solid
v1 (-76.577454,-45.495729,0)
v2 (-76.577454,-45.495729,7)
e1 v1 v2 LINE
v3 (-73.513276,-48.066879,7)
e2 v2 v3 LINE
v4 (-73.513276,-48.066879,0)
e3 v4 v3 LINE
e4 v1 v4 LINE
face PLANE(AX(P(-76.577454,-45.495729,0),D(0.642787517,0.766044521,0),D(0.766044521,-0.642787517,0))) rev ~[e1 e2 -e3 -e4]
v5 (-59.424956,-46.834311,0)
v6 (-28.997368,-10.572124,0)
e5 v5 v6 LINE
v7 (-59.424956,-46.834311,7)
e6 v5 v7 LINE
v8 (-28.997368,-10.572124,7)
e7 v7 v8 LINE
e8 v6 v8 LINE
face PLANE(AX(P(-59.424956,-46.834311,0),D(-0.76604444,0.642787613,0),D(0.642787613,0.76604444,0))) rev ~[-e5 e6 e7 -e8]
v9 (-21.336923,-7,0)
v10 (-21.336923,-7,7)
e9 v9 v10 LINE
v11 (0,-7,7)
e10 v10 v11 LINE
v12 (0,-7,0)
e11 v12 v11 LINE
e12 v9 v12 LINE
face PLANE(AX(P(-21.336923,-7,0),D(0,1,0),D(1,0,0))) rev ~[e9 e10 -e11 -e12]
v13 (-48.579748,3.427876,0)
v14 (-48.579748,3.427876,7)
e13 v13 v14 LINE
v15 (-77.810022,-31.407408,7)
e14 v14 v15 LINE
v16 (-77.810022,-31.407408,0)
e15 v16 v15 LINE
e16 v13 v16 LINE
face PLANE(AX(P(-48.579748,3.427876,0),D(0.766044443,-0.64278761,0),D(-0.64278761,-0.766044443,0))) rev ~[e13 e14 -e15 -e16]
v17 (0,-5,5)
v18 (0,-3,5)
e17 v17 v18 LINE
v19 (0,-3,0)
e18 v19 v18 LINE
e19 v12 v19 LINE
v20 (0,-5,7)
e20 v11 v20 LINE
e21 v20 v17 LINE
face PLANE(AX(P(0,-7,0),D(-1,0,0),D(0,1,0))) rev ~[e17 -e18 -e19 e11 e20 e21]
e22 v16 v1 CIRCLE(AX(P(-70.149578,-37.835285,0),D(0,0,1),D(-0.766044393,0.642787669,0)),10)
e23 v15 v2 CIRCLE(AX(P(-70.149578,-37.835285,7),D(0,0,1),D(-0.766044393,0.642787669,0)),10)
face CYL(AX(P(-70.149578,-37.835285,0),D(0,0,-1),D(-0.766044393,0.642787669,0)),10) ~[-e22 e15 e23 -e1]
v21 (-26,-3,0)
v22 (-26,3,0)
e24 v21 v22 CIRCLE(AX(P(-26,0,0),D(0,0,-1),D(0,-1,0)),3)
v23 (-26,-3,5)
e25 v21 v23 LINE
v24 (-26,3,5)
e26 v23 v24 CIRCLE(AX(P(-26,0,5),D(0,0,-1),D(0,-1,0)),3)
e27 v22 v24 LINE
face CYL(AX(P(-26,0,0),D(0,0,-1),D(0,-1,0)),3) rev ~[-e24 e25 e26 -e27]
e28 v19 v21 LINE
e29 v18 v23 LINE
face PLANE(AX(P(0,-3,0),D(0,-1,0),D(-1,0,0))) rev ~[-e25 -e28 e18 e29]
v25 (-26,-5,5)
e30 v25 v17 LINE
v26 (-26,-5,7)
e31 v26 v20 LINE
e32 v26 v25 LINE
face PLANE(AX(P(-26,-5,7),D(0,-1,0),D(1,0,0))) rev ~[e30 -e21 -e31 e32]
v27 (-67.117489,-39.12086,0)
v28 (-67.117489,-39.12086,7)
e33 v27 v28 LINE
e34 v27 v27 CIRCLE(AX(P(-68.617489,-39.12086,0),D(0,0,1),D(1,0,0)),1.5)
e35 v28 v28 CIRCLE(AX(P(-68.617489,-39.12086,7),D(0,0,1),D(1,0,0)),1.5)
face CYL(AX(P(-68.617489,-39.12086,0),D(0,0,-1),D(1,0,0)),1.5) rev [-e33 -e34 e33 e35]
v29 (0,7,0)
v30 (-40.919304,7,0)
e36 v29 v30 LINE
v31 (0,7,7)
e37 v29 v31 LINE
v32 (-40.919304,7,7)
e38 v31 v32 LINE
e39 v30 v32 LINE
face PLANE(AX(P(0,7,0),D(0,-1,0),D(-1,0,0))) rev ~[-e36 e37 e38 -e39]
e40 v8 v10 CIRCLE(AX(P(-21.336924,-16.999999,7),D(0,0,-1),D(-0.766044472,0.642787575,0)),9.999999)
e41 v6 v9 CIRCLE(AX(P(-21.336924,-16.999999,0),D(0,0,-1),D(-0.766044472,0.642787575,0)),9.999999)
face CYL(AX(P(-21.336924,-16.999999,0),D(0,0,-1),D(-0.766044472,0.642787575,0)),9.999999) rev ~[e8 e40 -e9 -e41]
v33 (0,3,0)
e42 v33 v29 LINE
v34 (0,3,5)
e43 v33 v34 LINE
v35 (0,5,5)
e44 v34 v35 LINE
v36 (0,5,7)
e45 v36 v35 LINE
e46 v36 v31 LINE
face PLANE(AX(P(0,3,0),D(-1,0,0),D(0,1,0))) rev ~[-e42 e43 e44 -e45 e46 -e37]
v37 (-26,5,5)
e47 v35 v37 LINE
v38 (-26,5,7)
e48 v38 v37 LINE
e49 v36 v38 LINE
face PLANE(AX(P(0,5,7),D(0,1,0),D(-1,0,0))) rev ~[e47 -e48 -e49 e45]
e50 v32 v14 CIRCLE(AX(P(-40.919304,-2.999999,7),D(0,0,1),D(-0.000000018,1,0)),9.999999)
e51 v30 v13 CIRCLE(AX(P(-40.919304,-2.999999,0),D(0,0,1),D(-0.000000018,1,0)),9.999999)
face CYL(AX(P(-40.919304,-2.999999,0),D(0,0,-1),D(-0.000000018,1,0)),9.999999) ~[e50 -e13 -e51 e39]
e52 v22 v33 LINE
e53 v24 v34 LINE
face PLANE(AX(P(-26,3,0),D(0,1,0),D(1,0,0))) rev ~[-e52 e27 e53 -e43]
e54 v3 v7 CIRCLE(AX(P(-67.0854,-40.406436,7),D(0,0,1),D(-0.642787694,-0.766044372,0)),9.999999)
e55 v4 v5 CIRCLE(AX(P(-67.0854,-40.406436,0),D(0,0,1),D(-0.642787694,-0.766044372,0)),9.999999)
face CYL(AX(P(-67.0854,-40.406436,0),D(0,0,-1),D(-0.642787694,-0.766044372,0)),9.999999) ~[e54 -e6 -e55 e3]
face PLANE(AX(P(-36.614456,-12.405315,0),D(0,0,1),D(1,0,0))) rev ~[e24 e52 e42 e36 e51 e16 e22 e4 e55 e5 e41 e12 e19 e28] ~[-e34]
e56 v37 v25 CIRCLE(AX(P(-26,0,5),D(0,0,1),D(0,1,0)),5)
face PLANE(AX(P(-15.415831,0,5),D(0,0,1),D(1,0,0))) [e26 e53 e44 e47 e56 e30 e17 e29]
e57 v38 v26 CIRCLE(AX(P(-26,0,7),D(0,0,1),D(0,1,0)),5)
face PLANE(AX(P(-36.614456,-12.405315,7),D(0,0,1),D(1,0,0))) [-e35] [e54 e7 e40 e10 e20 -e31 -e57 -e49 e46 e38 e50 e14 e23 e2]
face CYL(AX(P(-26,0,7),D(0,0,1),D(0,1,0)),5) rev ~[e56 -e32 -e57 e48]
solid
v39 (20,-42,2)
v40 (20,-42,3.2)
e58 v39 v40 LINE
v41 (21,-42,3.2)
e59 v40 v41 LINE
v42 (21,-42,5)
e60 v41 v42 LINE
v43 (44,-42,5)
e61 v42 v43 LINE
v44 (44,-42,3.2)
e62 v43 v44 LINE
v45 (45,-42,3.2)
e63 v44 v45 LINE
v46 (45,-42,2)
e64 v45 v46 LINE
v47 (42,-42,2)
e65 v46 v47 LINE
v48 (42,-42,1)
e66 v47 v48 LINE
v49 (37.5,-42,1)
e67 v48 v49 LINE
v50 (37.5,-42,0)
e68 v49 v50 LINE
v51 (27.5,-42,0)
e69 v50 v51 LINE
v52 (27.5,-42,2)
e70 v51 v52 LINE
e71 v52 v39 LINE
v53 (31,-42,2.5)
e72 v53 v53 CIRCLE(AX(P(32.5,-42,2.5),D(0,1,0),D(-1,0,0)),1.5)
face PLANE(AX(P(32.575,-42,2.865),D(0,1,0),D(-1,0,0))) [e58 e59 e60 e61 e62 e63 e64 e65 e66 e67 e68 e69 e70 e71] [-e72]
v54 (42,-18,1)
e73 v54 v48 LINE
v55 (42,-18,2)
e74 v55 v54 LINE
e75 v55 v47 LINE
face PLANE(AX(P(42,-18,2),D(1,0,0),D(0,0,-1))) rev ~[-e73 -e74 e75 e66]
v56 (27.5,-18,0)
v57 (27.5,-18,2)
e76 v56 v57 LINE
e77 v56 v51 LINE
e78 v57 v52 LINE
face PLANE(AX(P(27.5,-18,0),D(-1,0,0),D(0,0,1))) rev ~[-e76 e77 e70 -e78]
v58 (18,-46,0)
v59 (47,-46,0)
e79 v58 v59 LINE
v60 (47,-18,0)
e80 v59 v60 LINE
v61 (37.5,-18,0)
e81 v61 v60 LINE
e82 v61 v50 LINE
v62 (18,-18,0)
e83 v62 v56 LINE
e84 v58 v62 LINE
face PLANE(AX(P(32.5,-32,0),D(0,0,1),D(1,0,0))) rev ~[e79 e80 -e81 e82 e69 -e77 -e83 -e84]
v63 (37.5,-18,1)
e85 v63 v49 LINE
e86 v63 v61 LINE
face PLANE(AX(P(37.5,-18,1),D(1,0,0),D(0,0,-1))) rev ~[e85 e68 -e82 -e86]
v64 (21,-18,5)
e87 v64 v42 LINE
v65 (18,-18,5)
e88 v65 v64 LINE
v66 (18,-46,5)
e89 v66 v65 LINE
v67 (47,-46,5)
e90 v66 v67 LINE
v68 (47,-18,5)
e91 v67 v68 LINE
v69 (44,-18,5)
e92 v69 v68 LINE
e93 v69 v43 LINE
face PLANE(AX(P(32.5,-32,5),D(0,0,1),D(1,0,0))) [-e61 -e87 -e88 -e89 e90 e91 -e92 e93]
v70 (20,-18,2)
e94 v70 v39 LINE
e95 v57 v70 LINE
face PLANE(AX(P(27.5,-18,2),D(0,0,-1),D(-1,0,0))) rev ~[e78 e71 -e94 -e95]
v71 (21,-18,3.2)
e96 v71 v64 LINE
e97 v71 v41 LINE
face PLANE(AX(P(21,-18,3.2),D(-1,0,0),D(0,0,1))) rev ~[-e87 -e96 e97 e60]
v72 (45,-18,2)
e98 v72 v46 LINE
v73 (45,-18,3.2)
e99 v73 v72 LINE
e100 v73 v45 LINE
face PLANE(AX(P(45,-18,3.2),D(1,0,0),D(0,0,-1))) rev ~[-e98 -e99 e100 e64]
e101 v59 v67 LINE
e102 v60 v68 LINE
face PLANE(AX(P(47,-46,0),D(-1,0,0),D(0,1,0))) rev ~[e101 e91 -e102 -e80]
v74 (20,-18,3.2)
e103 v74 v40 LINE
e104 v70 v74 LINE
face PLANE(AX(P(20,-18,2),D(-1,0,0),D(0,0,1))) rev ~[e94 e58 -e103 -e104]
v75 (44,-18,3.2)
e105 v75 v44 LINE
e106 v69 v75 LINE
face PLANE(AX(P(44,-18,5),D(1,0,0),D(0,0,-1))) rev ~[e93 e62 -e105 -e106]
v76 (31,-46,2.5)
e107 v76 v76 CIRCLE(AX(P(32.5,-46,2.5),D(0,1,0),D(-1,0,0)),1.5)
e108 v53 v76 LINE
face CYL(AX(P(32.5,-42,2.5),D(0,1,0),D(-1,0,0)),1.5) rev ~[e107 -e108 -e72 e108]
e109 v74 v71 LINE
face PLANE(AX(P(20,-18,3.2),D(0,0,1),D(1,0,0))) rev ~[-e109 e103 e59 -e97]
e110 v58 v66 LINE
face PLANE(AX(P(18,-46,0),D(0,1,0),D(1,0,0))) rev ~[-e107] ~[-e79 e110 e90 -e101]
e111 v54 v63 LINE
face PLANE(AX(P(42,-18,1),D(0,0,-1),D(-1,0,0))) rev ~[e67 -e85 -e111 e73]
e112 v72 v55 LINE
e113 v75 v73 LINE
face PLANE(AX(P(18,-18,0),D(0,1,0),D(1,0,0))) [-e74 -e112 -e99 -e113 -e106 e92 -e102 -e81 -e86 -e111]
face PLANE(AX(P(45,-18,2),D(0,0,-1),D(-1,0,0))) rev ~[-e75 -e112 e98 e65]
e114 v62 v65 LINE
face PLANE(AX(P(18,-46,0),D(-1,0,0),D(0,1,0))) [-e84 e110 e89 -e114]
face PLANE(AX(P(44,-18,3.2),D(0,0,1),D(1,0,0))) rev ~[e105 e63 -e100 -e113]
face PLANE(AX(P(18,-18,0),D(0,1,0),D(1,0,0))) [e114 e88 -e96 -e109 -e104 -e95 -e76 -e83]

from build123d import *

# Parameters (mm, degrees)
F0_R     = 1.5
F1_DEPTH = 7
F3_DEPTH = 2
F4_W     = 29
F4_H     = 28
F4_W_2   = 25
F4_H_2   = 24
F5_DEPTH = 5
F7_DEPTH = 24
F8_R     = 1.5
F9_DEPTH = 25


with BuildPart() as f1:
    # F0 (on Top) → F1 (new body)
    with BuildSketch(Plane.XY):
        with BuildLine():
            Line((0, 3), (0, 7))
            Line((0, 7), (-40.919304, 7))
            ThreePointArc((-40.919304, 7), (-45.145486, 6.063078), (-48.579748, 3.427876))
            Line((-48.579748, 3.427876), (-77.810022, -31.407408))
            ThreePointArc((-77.810022, -31.407408), (-80.111525, -38.706842), (-76.577454, -45.495729))
            Line((-76.577454, -45.495729), (-73.513276, -48.066879))
            ThreePointArc((-73.513276, -48.066879), (-66.213843, -50.368382), (-59.424956, -46.834311))
            Line((-59.424956, -46.834311), (-28.997368, -10.572124))
            ThreePointArc((-28.997368, -10.572124), (-25.563106, -7.936922), (-21.336923, -7))
            Line((-21.336923, -7), (0, -7))
            Line((0, -7), (0, -3))
            Line((0, -3), (-26, -3))
            ThreePointArc((-26, -3), (-29, 0), (-26, 3))
            Line((-26, 3), (0, 3))
        make_face()
        with Locations((-68.617489, -39.12086)):
            Circle(F0_R, mode=Mode.SUBTRACT)
    extrude(amount=F1_DEPTH)

    # F2 (on face) → F3 (cut)
    with BuildSketch(Plane.XY.offset(7)):
        with BuildLine():
            Line((0, 5), (-26, 5))
            ThreePointArc((-26, 5), (-31, 0), (-26, -5))
            Line((-26, -5), (0, -5))
            Line((0, -5), (0, -3))
            Line((0, -3), (-26, -3))
            ThreePointArc((-26, -3), (-29, 0), (-26, 3))
            Line((-26, 3), (0, 3))
            Line((0, 3), (0, 5))
        make_face()
    extrude(amount=-F3_DEPTH, mode=Mode.SUBTRACT)


with BuildPart() as f5:
    # F4 (on Top) → F5 (new body)
    with BuildSketch(Plane.XY):
        with Locations((32.5, -32)):
            Rectangle(F4_W, F4_H)
        with Locations((32.5, -32)):
            Rectangle(F4_W_2, F4_H_2, mode=Mode.SUBTRACT)
        with Locations((32.5, -32)):
            Rectangle(F4_W_2, F4_H_2)
    extrude(amount=F5_DEPTH)

    # F6 (on face) → F7 (cut)
    with BuildSketch(Plane(origin=(0, -18, 0), x_dir=(-1, 0, 0), z_dir=(0, 1, 0))):
        Polygon((-44, 3.2), (-45, 3.2), (-45, 2), (-42, 2), (-42, 1), (-37.5, 1), (-37.5, 0), (-27.5, 0), (-27.5, 2), (-20, 2), (-20, 3.2), (-21, 3.2), (-21, 5), (-44, 5), align=None)
    extrude(amount=-F7_DEPTH, mode=Mode.SUBTRACT)

    # F8 (on face) → F9 (cut)
    with BuildSketch(Plane(origin=(0, -42, 0), x_dir=(-1, 0, 0), z_dir=(0, 1, 0))):
        with Locations((-32.5, 2.5)):
            Circle(F8_R)
    extrude(amount=-F9_DEPTH, mode=Mode.SUBTRACT)


solid = Compound([f1.part, f5.part])
